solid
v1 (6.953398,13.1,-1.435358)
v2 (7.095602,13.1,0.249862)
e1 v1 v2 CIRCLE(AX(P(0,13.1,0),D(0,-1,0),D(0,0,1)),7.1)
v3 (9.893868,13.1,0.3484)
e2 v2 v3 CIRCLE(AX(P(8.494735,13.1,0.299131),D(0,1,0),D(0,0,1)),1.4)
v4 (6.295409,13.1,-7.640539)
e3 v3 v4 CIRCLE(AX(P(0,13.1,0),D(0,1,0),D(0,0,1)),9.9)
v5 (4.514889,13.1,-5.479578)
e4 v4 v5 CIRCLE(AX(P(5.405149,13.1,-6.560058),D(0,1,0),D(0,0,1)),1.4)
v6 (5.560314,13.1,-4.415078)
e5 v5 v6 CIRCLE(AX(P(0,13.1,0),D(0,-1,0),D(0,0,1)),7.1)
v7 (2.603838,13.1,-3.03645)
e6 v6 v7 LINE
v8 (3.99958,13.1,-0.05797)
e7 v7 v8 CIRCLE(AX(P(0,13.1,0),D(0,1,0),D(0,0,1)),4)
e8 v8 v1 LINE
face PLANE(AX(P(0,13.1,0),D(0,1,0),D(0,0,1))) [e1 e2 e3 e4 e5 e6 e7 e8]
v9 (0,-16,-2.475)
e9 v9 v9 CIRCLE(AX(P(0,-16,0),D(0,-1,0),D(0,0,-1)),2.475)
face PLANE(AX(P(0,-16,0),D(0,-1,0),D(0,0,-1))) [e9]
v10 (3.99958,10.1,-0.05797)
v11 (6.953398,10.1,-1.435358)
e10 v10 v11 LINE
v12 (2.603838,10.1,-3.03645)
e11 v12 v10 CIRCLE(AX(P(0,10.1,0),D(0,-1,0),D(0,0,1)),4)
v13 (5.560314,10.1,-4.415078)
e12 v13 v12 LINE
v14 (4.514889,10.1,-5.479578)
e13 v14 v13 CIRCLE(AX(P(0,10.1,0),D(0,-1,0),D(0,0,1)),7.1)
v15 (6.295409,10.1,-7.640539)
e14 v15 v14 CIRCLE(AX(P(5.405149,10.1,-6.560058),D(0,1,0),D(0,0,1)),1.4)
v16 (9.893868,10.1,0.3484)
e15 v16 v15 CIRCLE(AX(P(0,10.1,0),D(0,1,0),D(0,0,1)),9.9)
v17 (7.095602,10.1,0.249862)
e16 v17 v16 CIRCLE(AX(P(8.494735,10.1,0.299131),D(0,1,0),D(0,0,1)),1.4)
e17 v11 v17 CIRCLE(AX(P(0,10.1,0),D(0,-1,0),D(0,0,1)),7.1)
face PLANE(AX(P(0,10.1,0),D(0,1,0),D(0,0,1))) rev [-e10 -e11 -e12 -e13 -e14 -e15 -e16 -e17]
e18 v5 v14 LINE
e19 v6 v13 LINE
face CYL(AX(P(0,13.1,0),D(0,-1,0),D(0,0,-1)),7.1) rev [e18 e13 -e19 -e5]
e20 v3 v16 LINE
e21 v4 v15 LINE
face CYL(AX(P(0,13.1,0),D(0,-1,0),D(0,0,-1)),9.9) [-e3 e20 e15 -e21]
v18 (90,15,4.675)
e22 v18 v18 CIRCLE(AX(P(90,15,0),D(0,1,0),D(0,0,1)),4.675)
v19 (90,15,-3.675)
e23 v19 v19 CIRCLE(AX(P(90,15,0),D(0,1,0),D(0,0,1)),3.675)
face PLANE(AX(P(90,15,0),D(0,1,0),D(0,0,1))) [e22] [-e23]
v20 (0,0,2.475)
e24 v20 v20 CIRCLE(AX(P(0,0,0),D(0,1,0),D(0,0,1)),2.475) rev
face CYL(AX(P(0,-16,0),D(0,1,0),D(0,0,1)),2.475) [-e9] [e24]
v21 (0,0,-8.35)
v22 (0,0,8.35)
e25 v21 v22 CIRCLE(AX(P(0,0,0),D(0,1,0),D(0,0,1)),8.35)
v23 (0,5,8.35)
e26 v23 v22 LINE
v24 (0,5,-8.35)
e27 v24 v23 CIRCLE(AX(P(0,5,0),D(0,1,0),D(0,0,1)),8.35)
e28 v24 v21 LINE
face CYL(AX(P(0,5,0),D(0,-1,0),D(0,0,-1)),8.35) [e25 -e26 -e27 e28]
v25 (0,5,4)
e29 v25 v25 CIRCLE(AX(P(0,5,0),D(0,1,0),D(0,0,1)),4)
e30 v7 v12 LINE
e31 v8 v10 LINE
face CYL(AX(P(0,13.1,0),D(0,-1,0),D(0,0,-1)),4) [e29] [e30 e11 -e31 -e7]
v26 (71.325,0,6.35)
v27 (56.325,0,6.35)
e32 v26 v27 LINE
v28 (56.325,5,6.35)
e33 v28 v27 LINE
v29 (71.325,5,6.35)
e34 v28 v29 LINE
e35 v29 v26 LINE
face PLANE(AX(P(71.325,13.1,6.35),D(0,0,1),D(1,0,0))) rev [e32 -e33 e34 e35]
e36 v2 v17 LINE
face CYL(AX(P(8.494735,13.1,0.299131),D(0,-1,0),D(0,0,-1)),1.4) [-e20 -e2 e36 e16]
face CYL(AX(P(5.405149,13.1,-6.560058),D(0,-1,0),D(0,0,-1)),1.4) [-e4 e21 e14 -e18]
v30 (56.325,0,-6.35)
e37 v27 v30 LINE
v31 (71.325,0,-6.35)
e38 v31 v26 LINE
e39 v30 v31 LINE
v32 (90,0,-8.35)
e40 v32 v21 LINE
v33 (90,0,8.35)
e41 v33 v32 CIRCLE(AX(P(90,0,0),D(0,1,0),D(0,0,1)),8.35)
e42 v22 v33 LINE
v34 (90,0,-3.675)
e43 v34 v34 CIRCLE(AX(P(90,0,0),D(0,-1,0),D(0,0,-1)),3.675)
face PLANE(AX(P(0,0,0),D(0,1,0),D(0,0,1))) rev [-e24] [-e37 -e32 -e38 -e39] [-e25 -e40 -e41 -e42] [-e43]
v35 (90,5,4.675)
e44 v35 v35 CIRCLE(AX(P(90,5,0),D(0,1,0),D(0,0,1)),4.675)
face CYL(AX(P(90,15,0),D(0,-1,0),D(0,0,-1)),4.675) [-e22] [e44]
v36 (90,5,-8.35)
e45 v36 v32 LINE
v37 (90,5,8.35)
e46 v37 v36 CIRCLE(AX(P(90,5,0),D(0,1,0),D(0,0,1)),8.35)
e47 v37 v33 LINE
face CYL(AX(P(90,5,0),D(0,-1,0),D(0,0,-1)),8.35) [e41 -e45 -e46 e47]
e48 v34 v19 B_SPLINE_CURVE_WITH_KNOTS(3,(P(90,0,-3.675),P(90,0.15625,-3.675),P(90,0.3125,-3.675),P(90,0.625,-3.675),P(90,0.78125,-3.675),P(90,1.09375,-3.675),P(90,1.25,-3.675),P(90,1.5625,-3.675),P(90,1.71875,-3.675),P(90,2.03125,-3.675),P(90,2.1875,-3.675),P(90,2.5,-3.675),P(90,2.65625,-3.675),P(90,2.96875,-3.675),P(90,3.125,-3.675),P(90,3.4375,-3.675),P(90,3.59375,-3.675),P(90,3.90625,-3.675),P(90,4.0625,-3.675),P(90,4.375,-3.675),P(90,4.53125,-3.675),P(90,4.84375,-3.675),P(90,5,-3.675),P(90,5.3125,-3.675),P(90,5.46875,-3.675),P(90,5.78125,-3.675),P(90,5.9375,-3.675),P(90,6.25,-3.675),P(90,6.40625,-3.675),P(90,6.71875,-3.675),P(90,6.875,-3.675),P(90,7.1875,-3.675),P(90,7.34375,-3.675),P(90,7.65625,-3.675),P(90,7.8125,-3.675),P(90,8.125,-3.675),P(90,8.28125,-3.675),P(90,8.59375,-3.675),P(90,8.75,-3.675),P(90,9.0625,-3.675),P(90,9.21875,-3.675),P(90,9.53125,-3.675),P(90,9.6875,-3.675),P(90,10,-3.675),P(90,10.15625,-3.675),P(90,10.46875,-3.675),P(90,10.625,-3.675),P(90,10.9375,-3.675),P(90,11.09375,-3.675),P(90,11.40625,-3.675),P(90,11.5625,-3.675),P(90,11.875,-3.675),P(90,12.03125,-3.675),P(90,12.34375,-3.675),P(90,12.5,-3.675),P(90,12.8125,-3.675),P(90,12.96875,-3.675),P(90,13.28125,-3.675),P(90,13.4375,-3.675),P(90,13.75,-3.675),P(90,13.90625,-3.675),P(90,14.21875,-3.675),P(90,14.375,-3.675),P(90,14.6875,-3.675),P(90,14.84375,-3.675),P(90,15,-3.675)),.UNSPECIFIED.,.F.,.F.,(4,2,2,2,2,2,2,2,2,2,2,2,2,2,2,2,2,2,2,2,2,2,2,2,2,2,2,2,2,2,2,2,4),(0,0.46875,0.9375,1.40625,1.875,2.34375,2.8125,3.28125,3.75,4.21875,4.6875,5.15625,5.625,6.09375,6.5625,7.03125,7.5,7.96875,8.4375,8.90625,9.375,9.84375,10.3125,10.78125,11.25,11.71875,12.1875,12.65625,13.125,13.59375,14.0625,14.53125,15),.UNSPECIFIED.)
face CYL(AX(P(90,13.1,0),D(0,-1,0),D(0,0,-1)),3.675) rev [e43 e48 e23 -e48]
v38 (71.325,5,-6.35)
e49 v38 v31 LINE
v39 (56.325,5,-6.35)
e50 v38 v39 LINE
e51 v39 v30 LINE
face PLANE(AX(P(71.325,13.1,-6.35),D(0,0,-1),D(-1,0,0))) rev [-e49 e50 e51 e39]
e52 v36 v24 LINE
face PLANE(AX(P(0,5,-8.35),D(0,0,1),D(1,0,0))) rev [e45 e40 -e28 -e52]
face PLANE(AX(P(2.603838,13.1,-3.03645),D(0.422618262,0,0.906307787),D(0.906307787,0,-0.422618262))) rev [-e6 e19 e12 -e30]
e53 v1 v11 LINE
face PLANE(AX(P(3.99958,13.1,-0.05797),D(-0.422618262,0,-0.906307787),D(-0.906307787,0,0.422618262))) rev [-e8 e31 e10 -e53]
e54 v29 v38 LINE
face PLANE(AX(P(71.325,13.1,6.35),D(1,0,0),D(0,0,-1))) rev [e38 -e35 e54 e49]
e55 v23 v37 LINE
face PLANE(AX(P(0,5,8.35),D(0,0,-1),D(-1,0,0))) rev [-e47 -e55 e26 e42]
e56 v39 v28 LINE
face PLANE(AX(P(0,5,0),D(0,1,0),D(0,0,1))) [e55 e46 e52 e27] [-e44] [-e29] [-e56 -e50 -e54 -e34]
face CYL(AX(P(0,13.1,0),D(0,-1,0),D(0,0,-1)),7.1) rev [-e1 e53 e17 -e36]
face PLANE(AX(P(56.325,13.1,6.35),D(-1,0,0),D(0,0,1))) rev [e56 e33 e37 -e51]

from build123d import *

# Parameters (mm, degrees)
CORPS_DEPTH             = 5
ESQUISSE1_R             = 2.475
PULLEY_HOLD_DEPTH       = 16
ESQUISSE2_R             = 4
KNOB_HOLD_DEPTH         = 8.1
KNOB_START              = 5.1
KNOB_DEPTH              = 3
ESQUISSE3_R             = 3.675
ESQUISSE3_W             = 15
ESQUISSE3_H             = 12.7
ENL_V_MAT_EXTRU_1_DEPTH = 100.992224698
ESQUISSE5_R             = 4.675
ESQUISSE5_R_2           = 3.675
BOSS_EXTRU_1_DEPTH      = 10


with BuildPart() as part:
    # Sketch1 → corps (new body)
    with BuildSketch(Plane(origin=(0, 0, 0), x_dir=(1, 0, 0), z_dir=(0, 1, 0))):
        with BuildLine():
            Line((0, 8.35), (90, 8.35))
            ThreePointArc((90, 8.35), (98.35, 0), (90, -8.35))
            Line((90, -8.35), (0, -8.35))
            ThreePointArc((0, -8.35), (-8.35, 0), (0, 8.35))
        make_face()
    extrude(amount=CORPS_DEPTH)

    # Esquisse1 → pulley hold (add)
    with BuildSketch(Plane.XZ):
        with Locations(Location((0, 0, 0), (0, 0, 90))):
            Circle(ESQUISSE1_R)
    extrude(amount=PULLEY_HOLD_DEPTH)

    # Esquisse2 → knob hold (add)
    with BuildSketch(Plane(origin=(0, 5, 0), x_dir=(1, 0, 0), z_dir=(0, 1, 0))):
        with Locations(Location((0, 0, 0), (0, 0, 270))):
            Circle(ESQUISSE2_R)
    extrude(amount=KNOB_HOLD_DEPTH)

    # Esquisse4 → knob (add)
    with BuildSketch(Plane(origin=(0, 5, 0), x_dir=(1, 0, 0), z_dir=(0, 1, 0)).offset(KNOB_START)):
        with BuildLine():
            Line((3.999579917, 0.057969697), (6.953398299, 1.435357829))
            ThreePointArc((6.953398299, 1.435357829), (7.074856515, 0.596996899), (7.095602071, -0.249862457))
            ThreePointArc((7.095602071, -0.249862457), (8.44546622, -1.698263913), (9.893867677, -0.348399764))
            ThreePointArc((9.893867677, -0.348399764), (9.026569148, 4.065839324), (6.295408565, 7.640538659))
            ThreePointArc((6.295408565, 7.640538659), (4.324668554, 7.450318241), (4.514888971, 5.47957823))
            ThreePointArc((4.514888971, 5.47957823), (5.06564099, 4.974864959), (5.560313894, 4.415077508))
            Line((5.560313894, 4.415077508), (2.603837765, 3.036450048))
            ThreePointArc((2.603837765, 3.036450048), (3.622032243, 1.697316243), (3.999579917, 0.057969697))
        make_face()
    extrude(amount=KNOB_DEPTH)

    # Esquisse3 → Enlèv. mat.-Extru.1 (cut, through all)
    with BuildSketch(Plane.XZ):
        with Locations(Location((90, 0, 0), (0, 0, 270))):
            Circle(ESQUISSE3_R)
        with Locations((63.825, 0)):
            Rectangle(ESQUISSE3_W, ESQUISSE3_H)
    extrude(amount=-ENL_V_MAT_EXTRU_1_DEPTH, mode=Mode.SUBTRACT)

    # Esquisse5 → Boss.-Extru.1 (add)
    with BuildSketch(Plane(origin=(0, 5, 0), x_dir=(1, 0, 0), z_dir=(0, 1, 0))):
        with Locations(Location((90, 0, 0), (0, 0, 270))):
            Circle(ESQUISSE5_R)
        with Locations(Location((90, 0, 0), (0, 0, 90))):
            Circle(ESQUISSE5_R_2, mode=Mode.SUBTRACT)
    extrude(amount=BOSS_EXTRU_1_DEPTH)


solid = part.part
